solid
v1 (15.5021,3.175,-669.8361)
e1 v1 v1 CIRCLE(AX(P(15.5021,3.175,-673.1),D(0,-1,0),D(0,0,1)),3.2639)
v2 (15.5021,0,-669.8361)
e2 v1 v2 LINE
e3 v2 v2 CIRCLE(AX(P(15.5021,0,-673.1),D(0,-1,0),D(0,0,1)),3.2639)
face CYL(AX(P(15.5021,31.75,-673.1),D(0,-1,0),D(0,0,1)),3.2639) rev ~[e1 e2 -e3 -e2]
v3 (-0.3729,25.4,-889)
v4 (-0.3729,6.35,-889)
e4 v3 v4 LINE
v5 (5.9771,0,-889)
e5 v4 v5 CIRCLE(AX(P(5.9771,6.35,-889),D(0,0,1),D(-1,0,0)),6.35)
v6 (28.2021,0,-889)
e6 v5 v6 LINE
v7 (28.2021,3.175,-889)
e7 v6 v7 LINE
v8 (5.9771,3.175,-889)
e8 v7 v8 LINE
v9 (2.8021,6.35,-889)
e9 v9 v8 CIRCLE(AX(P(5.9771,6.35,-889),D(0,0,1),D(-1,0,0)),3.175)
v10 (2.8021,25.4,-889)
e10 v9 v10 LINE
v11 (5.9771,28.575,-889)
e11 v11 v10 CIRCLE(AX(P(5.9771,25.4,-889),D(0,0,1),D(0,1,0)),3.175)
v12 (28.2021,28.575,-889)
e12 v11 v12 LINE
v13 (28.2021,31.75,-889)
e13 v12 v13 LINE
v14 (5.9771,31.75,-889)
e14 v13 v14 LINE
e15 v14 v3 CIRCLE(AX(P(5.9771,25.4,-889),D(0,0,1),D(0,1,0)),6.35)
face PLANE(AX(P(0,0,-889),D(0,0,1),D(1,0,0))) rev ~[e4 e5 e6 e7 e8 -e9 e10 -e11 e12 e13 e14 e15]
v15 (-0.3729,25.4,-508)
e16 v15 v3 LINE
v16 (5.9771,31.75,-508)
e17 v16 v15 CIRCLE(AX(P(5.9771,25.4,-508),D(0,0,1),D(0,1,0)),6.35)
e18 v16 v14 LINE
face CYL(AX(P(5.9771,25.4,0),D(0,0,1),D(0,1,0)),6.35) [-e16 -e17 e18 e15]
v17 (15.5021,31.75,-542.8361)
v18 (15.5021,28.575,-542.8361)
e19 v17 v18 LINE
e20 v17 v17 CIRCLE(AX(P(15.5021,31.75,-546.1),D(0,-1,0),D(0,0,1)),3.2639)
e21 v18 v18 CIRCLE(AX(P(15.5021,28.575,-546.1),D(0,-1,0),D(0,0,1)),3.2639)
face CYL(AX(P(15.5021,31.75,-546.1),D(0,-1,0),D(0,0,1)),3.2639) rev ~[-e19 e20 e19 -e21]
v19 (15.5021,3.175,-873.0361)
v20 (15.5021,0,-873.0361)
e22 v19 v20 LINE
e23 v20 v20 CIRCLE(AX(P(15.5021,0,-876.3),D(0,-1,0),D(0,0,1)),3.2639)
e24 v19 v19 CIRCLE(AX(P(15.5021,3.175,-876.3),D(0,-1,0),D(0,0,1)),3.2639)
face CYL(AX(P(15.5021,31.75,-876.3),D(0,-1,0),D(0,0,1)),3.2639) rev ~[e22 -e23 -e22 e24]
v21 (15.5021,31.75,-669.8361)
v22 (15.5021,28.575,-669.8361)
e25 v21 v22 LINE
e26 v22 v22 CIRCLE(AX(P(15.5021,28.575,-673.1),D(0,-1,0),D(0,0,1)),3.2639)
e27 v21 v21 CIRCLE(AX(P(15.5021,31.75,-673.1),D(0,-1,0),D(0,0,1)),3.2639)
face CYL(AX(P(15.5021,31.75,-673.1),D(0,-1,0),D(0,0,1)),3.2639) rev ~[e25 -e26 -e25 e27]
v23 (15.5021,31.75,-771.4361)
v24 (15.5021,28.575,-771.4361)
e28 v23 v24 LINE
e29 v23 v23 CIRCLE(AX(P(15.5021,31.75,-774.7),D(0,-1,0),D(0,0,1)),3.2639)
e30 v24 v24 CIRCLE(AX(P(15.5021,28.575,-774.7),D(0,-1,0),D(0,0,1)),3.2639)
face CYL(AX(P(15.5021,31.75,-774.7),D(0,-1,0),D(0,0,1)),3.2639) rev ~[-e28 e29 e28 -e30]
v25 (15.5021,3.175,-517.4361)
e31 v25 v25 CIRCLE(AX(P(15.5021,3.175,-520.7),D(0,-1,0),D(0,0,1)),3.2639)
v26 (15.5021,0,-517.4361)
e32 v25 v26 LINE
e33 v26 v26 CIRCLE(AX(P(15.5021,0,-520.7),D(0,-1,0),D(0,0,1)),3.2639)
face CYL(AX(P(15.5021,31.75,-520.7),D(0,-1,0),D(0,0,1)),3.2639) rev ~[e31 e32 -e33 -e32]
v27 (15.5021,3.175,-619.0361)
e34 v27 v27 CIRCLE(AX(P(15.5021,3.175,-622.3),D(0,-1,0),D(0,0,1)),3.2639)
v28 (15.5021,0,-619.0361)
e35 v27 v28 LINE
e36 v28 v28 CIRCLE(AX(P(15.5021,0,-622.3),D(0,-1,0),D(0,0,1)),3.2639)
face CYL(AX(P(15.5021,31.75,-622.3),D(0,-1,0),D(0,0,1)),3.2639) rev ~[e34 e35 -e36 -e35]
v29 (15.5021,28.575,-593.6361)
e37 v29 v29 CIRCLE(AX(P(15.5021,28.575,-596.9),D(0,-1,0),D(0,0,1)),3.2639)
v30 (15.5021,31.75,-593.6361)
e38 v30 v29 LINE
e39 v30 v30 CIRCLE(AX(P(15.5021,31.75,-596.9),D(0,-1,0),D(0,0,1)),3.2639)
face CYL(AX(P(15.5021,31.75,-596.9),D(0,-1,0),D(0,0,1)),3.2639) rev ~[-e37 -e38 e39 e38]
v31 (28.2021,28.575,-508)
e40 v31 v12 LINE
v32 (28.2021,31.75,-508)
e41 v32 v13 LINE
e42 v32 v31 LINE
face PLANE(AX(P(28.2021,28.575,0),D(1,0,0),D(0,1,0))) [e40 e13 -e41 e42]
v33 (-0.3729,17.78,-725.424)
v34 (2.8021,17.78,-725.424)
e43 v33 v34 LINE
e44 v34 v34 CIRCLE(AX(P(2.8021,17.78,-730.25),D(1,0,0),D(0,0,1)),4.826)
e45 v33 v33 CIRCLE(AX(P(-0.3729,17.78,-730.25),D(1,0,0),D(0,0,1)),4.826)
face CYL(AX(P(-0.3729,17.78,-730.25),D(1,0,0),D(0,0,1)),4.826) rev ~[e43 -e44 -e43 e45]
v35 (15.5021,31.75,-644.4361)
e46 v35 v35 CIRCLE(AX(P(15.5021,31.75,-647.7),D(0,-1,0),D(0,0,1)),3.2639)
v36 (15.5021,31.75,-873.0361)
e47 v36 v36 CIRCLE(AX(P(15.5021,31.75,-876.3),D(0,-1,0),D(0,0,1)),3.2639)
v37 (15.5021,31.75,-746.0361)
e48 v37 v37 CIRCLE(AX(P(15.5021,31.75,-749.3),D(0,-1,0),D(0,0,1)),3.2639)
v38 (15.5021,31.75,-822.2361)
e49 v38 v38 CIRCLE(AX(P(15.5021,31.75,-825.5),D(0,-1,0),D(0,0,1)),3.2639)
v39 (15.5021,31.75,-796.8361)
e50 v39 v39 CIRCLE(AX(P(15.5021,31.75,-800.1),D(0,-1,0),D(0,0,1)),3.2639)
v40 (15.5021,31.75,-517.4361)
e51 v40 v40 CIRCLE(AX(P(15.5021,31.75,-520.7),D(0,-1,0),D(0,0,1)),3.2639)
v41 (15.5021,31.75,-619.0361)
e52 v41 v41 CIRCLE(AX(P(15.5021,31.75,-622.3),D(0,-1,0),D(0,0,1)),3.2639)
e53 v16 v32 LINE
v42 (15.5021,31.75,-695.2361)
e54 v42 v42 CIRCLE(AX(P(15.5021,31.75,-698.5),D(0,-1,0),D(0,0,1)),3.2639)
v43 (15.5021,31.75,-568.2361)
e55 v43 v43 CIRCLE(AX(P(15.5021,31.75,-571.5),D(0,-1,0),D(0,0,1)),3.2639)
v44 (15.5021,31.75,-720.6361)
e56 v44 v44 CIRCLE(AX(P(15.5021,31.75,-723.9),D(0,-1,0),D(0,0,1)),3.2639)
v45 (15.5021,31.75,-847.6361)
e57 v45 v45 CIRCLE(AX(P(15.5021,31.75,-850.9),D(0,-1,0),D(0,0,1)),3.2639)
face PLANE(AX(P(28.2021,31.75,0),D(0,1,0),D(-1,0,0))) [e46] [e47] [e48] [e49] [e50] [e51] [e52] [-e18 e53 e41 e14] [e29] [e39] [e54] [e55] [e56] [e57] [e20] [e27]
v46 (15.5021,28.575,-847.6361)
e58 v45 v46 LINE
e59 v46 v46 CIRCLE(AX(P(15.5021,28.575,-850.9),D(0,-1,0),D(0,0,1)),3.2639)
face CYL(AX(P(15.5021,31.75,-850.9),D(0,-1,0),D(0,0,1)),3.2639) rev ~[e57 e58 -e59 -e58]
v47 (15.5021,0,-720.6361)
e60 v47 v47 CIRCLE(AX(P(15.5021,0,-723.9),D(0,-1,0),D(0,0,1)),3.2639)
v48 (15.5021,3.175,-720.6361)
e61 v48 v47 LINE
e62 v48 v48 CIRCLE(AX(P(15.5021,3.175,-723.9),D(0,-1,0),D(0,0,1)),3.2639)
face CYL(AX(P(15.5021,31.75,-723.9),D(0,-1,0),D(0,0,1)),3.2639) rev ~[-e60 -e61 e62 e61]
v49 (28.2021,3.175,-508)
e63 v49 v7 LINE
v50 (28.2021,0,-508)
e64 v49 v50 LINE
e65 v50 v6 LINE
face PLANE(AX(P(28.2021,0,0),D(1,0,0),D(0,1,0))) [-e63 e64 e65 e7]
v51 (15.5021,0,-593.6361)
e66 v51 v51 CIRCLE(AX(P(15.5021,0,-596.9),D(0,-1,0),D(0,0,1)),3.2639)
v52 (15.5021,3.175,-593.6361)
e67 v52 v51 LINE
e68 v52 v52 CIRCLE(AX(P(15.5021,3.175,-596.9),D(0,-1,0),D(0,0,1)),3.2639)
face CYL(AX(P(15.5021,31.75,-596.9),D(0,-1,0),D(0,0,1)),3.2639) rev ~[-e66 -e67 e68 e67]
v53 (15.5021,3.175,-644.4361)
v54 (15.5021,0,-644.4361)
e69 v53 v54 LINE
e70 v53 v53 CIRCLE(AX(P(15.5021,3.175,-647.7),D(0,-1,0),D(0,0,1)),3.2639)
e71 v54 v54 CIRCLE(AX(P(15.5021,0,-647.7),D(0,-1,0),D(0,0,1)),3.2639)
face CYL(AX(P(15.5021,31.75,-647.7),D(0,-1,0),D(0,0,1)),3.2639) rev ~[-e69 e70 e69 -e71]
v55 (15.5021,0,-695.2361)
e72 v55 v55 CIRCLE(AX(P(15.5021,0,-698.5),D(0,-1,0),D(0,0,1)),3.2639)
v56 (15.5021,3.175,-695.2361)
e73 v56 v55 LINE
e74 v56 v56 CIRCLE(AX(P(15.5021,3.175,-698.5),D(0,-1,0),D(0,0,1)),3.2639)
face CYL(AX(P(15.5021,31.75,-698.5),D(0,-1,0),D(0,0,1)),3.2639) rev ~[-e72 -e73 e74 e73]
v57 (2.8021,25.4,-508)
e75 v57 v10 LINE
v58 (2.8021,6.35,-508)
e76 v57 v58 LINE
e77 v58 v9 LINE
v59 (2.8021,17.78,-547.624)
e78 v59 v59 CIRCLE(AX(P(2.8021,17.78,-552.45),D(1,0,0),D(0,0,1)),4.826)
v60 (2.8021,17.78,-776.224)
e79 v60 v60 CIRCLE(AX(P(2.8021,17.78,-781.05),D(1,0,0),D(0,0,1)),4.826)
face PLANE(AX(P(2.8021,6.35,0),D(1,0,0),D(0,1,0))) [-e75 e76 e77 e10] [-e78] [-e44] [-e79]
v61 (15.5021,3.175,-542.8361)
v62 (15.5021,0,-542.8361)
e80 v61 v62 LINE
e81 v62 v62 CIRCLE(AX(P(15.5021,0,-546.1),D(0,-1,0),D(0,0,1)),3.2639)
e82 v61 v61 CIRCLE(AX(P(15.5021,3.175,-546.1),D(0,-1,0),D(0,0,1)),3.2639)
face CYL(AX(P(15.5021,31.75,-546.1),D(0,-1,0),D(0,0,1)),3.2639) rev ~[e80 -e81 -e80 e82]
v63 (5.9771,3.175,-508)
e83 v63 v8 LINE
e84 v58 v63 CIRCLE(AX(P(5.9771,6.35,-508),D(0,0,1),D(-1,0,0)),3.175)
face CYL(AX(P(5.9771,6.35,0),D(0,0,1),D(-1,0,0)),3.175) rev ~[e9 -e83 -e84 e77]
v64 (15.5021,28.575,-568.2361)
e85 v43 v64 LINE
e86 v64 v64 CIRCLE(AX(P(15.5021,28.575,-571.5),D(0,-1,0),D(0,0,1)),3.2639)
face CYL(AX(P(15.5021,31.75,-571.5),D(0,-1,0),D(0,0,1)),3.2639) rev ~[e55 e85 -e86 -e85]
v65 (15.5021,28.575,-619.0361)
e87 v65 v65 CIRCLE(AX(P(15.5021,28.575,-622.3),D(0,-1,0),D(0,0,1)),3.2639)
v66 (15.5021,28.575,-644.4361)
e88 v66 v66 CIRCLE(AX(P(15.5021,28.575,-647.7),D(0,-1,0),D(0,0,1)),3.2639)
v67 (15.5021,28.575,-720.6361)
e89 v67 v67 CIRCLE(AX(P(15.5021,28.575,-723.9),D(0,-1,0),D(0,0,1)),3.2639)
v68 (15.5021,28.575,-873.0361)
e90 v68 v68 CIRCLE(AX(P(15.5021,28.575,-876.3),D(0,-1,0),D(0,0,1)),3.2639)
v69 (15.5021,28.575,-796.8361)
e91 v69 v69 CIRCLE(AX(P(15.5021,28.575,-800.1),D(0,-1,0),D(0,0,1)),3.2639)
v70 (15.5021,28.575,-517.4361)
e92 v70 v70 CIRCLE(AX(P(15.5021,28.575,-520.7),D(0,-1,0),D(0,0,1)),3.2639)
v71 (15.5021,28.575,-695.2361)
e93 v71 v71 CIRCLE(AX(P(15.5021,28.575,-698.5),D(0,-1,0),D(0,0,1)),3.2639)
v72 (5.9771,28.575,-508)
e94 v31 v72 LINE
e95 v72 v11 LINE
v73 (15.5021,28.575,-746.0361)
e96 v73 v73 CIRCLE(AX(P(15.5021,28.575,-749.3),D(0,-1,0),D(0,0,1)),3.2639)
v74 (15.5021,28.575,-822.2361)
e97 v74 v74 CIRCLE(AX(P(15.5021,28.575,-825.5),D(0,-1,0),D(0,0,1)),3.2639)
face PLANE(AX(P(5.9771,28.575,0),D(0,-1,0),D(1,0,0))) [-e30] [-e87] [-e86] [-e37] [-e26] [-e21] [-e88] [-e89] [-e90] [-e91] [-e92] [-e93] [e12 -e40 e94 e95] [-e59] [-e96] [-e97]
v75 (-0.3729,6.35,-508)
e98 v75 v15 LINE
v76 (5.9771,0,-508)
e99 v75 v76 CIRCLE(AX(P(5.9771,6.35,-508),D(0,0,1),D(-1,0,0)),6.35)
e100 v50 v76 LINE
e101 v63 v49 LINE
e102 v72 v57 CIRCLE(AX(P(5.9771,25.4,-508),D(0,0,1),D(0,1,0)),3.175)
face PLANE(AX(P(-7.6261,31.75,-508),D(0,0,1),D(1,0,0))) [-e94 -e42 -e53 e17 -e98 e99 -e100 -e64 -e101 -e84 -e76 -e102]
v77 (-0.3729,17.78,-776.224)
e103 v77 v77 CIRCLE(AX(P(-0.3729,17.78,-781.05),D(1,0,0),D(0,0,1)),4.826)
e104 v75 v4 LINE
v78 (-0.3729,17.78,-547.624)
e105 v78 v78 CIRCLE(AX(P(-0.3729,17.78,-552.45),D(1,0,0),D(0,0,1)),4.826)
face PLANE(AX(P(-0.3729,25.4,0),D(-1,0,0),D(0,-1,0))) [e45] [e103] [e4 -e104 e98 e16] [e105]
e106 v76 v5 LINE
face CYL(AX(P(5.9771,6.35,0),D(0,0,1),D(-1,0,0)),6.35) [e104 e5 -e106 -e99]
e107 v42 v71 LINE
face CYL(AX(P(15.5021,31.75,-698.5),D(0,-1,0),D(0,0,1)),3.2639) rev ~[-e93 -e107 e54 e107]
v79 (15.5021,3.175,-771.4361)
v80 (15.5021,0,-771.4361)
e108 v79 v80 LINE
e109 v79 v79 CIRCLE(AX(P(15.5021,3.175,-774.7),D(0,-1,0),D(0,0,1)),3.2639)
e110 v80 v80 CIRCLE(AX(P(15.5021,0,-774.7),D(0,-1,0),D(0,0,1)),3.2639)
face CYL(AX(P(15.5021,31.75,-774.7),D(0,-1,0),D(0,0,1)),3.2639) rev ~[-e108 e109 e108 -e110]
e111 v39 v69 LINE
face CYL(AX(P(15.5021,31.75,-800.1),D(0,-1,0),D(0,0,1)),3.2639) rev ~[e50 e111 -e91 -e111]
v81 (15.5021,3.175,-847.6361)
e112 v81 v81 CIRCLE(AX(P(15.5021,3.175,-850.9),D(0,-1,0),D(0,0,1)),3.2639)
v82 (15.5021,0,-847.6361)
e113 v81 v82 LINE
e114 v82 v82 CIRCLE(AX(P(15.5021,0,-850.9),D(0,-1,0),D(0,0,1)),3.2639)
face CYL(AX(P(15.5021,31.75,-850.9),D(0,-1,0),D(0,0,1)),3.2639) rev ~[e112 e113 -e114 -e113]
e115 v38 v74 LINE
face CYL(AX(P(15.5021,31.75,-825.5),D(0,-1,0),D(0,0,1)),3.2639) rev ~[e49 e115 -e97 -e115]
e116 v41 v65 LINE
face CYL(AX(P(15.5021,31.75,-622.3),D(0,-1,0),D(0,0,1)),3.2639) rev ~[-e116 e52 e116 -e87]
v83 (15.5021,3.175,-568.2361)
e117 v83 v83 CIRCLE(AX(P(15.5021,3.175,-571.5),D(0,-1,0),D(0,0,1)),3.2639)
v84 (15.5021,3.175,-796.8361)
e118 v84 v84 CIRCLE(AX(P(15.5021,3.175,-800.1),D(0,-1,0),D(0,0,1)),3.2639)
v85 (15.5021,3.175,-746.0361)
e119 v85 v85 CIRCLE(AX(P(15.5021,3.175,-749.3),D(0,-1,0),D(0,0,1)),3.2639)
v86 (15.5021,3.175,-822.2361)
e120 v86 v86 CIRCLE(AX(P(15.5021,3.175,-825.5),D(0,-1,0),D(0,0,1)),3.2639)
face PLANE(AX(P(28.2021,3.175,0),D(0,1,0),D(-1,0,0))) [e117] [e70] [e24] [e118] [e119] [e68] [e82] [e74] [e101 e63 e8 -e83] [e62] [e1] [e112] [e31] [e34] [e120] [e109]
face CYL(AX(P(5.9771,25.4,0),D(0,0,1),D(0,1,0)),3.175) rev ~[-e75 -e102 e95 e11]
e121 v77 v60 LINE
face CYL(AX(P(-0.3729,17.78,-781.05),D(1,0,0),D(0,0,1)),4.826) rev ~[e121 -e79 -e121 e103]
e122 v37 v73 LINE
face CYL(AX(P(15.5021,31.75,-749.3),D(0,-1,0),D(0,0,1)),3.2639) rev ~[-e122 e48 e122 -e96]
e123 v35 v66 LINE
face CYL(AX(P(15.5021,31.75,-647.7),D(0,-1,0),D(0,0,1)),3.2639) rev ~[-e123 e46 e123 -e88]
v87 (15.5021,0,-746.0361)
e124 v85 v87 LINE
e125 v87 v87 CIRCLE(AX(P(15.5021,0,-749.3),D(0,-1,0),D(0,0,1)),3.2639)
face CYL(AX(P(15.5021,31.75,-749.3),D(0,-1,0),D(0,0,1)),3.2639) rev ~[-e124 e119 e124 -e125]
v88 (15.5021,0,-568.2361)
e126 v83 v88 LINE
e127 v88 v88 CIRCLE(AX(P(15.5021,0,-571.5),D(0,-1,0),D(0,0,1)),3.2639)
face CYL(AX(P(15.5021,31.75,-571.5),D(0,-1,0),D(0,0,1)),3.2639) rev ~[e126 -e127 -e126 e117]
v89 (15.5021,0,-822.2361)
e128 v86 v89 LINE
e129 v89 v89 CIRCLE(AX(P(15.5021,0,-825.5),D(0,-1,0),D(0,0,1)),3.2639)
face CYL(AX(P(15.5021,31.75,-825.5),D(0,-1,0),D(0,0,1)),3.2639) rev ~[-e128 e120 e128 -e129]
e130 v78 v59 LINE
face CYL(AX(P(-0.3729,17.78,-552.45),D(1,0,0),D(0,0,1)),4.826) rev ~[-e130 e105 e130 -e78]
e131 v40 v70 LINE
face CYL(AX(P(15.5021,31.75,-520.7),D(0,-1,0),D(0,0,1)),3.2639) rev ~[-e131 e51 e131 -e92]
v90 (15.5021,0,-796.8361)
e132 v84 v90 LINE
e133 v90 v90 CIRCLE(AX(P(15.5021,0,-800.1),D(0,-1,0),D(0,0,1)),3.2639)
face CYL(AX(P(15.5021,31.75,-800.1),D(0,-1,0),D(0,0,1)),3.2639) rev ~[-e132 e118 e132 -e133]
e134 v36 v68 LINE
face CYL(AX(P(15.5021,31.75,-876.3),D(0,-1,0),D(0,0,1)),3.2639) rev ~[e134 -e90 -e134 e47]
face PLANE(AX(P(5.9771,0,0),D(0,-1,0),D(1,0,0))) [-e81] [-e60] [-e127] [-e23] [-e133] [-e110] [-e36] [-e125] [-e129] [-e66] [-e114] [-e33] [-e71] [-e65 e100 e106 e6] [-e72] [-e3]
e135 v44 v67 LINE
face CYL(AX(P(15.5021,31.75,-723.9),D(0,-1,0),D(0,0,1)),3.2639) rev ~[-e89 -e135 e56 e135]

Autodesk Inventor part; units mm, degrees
ref_plane "YZ Plane" through (0, 0, 0) normal (1, 0, 0) x (0, 1, 0)
ref_plane "XZ Plane" through (0, 0, 0) normal (0, 1, 0) x (-1, 0, 0)
ref_plane "XY Plane" through (0, 0, 0) normal (0, 0, 1) x (1, 0, 0)
sketch "Sketch1" plane through (0, 0, 0) normal (0, 0, 1) x (1, 0, 0)
  line L0 (5.9771, 0) -> (28.2021, 0)
  line L1 (28.2021, 0) -> (28.2021, 3.175)
  line L2 (28.2021, 3.175) -> (5.9771, 3.175)
  line L3 (2.8021, 6.35) -> (2.8021, 25.4)
  line L4 (5.9771, 28.575) -> (28.2021, 28.575)
  line L5 (28.2021, 28.575) -> (28.2021, 31.75)
  line L6 (28.2021, 31.75) -> (5.9771, 31.75)
  line L7 (-0.3729, 25.4) -> (-0.3729, 6.35)
  arc A0 (5.9771, 28.575) -> (2.8021, 25.4) centre (5.9771, 25.4) ccw
  arc A1 (2.8021, 6.35) -> (5.9771, 3.175) centre (5.9771, 6.35) ccw
  arc A2 (5.9771, 31.75) -> (-0.3729, 25.4) centre (5.9771, 25.4) ccw
  arc A3 (-0.3729, 6.35) -> (5.9771, 0) centre (5.9771, 6.35) ccw
  point P0 (0, 0)
  point P1 (-0.3729, 0)
  point P2 (2.8021, 3.175)
  point P3 (2.8021, 28.575)
  dimension "d0" = 28.575
  dimension "d1" = 3.175
  dimension "d2" = 25.4
  dimension "d3" = 25.4
  dimension "d4" = 3.175
  dimension "d5" = 3.175
  dimension "d6" = 6.35
extrude "Extrusion1" add sketch "Sketch1" against normal blind 889
sketch "Sketch2" plane through (-0.3729, 6.35, 0) normal (-1, 0, 0) x (0, 0, 1)
  line L0 (0, 19.05) -> (-889, 19.05) projected
  line L1 (-228.6, 0) -> (-228.6, 7.9375)
  arc A0 (-228.6, 11.1125) -> (-228.6, 7.9375) centre (-228.6, 9.525) ccw
  line L2 (-228.6, 11.1125) -> (-228.6, 19.05)
  line L3 (-228.6, 19.05) -> (-889, 19.05)
  line L4 (-889, 0) -> (-889, 19.05)
  line L5 (-889, 0) -> (-228.6, 0)
  circle A1 centre (-552.45, 11.43) radius 4.826
  circle A2 centre (-501.65, 11.43) radius 4.826
  circle A3 centre (-387.35, 11.43) radius 4.826
  circle A4 centre (-336.55, 11.43) radius 4.826
  circle A5 centre (-444.5, 7.62) radius 4.826
  circle A6 centre (-730.25, 11.43) radius 4.826
  circle A7 centre (-781.05, 11.43) radius 4.826
  line L6 (0, 25.4) -> (-889, 25.4) construction
  circle A8 centre (-133.35, 11.43) radius 4.826
  circle A9 centre (-82.55, 11.43) radius 4.826
  point P0 (0, -6.35)
  point P1 (-254, 0.852)
  dimension "d10" = 7.62
  dimension "d11" = 3.81
  dimension "d14" = 254
hole "Hole1" at (-0.3729, 17.78, -781.05) at (-0.3729, 17.78, -730.25) at (-0.3729, 17.78, -552.45) at (-0.3729, 17.78, -501.65) at (-0.3729, 13.97, -444.5) at (-0.3729, 17.78, -387.35) at (-0.3729, 17.78, -336.55) at (-0.3729, 17.78, -133.35) at (-0.3729, 17.78, -82.55) direction (1, 0, 0) diameter 9.652 end through all
hole "Hole2" at (-0.3729, 15.875, -228.6) direction (1, 0, 0) diameter 3.175 end through all
sketch "Sketch3" plane through (5.9771, 31.75, 0) normal (0, 1, 0) x (1, 0, 0)
  line L0 (22.225, 889) -> (0, 889) projected
  line L1 (22.225, 0) -> (22.225, 889) projected
  point P0 (-5.9771, 0)
  point P1 (9.525, 876.3)
  dimension "d34" = 12.7
  dimension "d35" = 12.7
hole "Hole3" at (15.5021, 31.75, -876.3) direction (0, -1, 0) diameter 6.5278 end through all
pattern_linear "Rectangular Pattern1" count 35 spacing 25.4 along (0, 0, 1) of "Hole3"
sketch "Sketch4" plane through (5.9771, 31.75, 0) normal (0, 1, 0) x (1, 0, 0)
  circle A0 centre (9.525, 12.7) radius 3.2639 projected
  circle A1 centre (9.525, 38.1) radius 3.2639 projected
  circle A2 centre (9.525, 63.5) radius 3.2639 projected
  circle A3 centre (9.525, 88.9) radius 3.2639 projected
  circle A4 centre (9.525, 114.3) radius 3.2639 projected
  circle A5 centre (9.525, 139.7) radius 3.2639 projected
  circle A6 centre (9.525, 165.1) radius 3.2639 projected
  circle A7 centre (9.525, 190.5) radius 3.2639 projected
  line L0 (22.225, 0) -> (-13.6032, 0)
  line L1 (-13.6032, 0) -> (-13.6032, 508)
  line L2 (-13.6032, 508) -> (22.225, 508)
  line L3 (22.225, 508) -> (22.225, 0)
  point P0 (-5.9771, 0)
  dimension "d46" = 508
extrude "Extrusion2" cut sketch "Sketch4" against normal blind 38.1
equation "\"d35\" = d34"
properties part number "chassis 15 inch"
